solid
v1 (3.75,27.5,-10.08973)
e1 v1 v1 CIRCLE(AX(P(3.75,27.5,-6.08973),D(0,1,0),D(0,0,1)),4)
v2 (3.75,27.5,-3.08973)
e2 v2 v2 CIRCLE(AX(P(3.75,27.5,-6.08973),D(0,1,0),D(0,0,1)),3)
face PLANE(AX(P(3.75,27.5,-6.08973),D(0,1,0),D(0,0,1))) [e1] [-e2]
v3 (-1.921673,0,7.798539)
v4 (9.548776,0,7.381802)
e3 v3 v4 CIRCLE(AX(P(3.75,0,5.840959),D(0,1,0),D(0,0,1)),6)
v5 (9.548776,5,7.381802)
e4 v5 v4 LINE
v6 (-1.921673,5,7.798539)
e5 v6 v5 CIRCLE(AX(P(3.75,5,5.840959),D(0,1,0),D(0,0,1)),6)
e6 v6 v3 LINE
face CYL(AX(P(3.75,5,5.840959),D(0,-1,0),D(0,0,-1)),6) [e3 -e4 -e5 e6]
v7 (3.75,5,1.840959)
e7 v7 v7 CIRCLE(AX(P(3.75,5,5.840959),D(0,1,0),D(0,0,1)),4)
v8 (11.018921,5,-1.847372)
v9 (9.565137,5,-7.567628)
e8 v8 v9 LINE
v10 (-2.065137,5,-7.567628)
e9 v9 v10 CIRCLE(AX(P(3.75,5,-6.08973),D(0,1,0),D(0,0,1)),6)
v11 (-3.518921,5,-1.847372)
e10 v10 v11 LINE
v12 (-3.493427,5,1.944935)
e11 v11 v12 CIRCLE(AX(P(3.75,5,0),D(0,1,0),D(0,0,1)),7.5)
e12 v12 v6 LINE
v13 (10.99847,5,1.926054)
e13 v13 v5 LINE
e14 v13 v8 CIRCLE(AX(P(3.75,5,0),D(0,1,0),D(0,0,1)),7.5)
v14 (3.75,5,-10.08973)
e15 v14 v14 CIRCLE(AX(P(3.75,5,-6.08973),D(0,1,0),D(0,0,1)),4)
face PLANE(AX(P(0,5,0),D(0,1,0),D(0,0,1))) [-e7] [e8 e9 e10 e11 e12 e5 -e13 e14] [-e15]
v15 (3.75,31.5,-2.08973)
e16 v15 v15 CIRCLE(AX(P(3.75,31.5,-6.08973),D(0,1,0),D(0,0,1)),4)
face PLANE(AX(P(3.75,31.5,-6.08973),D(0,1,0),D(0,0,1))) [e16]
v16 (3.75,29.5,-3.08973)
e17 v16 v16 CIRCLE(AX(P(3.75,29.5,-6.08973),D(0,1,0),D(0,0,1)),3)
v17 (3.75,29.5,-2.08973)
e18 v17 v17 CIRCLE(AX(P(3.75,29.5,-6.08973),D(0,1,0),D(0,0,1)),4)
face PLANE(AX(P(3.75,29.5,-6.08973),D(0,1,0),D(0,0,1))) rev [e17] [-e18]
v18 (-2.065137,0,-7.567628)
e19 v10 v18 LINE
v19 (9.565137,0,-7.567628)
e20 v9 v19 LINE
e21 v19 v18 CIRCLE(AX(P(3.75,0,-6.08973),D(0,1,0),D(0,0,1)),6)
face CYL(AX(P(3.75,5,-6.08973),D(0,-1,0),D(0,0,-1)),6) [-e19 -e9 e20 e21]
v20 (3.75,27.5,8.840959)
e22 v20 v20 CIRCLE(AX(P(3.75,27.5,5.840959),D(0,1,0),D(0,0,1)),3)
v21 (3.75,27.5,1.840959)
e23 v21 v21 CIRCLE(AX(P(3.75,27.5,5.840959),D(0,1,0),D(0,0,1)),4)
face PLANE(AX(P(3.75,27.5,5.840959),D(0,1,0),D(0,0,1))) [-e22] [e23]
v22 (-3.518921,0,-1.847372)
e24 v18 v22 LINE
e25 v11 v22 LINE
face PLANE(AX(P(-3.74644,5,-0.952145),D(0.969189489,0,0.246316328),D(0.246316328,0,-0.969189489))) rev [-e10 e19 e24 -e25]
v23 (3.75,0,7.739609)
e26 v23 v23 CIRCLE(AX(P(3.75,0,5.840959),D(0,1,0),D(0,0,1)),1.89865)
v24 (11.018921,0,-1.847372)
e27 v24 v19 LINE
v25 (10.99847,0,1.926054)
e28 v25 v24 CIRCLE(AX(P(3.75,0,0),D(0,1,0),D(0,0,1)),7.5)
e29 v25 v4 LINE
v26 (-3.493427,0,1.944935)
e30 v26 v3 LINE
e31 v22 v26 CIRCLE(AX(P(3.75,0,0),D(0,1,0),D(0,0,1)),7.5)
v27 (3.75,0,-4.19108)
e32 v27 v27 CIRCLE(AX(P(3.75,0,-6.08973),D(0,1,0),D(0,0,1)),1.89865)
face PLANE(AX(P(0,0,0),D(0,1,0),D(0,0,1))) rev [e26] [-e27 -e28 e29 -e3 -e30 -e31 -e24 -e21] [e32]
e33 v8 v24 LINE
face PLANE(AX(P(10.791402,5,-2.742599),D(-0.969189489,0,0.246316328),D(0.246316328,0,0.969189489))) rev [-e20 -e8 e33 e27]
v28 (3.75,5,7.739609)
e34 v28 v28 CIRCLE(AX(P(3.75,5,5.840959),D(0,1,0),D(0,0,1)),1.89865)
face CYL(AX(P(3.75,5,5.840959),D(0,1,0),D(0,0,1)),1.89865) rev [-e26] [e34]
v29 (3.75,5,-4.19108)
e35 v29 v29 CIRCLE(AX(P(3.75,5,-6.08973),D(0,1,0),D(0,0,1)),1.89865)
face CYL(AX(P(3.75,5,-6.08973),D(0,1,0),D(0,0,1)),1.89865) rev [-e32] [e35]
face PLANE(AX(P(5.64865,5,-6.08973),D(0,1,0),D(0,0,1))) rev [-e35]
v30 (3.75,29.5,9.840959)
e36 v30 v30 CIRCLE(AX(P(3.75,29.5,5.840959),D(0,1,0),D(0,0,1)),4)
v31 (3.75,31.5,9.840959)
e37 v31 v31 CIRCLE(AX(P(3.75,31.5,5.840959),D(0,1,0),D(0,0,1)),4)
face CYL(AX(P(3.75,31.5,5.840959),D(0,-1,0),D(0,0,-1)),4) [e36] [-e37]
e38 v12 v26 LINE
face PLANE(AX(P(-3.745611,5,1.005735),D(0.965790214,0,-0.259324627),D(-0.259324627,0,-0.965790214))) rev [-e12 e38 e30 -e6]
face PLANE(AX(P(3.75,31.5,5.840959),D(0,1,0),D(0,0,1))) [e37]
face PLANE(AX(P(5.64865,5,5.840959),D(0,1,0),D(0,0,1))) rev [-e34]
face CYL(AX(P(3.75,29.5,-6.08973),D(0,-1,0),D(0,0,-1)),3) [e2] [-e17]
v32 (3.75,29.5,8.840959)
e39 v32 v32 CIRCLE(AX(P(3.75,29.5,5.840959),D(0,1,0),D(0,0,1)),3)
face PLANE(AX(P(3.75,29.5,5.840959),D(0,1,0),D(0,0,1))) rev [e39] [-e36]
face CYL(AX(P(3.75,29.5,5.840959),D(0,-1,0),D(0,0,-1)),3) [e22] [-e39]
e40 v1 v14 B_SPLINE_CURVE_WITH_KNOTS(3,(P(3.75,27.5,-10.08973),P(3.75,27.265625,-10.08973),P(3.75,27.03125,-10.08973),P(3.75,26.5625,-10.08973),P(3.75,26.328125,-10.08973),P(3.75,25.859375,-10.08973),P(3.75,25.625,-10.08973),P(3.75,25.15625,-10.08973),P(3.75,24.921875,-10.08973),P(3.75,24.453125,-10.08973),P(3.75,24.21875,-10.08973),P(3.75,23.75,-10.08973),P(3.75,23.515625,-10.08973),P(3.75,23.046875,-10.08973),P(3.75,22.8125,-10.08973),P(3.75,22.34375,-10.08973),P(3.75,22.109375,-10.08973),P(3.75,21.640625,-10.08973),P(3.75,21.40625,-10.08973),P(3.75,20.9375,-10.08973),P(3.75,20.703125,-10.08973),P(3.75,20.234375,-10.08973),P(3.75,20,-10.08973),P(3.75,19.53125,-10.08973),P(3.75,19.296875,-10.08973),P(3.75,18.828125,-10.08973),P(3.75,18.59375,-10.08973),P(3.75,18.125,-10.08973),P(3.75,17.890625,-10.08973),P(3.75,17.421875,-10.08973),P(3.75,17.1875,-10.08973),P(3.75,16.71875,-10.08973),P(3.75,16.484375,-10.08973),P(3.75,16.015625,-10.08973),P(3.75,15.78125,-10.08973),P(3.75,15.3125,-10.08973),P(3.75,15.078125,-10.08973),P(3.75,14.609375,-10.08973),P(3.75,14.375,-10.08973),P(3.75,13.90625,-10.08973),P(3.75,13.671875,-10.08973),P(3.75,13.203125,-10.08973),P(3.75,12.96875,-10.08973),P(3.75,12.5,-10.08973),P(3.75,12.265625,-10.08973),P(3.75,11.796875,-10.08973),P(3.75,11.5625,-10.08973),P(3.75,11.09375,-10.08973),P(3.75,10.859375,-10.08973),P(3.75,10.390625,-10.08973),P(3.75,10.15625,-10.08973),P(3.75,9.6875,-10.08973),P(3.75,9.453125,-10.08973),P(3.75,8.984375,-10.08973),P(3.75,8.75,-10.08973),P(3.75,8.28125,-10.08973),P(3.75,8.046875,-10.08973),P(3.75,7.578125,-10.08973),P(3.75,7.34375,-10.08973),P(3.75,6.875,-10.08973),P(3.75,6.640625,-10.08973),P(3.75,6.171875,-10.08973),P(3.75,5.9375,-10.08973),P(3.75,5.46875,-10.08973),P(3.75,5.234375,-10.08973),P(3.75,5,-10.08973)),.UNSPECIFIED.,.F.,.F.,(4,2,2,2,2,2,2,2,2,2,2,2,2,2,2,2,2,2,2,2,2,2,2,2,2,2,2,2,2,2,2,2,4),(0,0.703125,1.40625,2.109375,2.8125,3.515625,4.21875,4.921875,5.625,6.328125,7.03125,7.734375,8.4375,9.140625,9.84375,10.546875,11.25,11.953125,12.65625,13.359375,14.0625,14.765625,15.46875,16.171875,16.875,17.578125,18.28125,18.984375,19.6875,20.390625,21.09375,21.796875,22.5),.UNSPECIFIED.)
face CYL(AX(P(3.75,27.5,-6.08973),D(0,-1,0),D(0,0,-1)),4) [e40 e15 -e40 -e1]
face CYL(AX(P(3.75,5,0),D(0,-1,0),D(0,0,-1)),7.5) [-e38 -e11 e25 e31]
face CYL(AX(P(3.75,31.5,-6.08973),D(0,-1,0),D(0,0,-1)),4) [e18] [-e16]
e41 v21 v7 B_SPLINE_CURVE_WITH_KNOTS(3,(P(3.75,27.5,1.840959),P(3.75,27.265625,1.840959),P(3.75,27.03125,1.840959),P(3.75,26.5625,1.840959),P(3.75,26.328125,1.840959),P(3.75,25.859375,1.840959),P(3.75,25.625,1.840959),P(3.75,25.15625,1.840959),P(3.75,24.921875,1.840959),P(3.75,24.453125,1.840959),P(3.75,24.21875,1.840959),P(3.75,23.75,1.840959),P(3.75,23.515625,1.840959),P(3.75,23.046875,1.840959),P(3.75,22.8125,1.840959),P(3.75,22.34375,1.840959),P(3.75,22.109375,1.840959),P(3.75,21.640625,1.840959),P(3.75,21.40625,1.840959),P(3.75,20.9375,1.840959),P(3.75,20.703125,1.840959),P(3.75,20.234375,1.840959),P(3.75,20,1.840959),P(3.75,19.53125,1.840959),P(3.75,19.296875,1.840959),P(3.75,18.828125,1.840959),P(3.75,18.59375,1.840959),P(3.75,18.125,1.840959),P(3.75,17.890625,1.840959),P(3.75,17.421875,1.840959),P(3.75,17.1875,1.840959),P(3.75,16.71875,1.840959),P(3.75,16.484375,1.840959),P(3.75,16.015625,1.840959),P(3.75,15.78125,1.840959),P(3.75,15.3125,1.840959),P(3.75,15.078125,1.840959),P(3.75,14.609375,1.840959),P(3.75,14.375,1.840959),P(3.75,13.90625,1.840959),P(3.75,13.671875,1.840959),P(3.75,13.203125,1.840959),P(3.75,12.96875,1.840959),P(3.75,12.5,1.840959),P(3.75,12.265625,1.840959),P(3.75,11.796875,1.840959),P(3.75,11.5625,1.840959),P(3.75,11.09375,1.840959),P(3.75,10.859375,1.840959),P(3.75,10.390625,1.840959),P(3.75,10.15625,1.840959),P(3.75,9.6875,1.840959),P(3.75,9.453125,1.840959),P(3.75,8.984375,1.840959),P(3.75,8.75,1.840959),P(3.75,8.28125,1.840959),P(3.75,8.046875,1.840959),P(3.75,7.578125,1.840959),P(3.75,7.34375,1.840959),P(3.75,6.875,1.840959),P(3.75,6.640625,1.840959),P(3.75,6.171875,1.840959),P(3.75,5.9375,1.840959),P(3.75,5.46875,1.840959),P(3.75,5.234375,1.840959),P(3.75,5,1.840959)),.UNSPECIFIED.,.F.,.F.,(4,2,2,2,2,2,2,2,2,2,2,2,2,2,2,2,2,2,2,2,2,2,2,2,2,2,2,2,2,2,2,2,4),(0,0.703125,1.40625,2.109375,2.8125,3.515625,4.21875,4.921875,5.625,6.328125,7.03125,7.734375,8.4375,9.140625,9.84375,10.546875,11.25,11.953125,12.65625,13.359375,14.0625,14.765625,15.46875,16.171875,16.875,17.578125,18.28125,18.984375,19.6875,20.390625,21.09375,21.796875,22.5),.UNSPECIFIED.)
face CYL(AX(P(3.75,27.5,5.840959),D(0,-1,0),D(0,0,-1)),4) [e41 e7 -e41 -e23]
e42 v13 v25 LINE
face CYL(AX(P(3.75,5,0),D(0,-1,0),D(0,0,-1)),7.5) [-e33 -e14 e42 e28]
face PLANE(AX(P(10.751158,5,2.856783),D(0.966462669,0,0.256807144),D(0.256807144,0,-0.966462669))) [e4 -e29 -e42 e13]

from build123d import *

# Parameters (mm, degrees)
BOSS_EXTRUDE2_DEPTH            = 5
SKETCH3_R                      = 4
BOSS_EXTRUDE3_DEPTH            = 22.5
SKETCH4_R                      = 3
BOSS_EXTRUDE4_DEPTH            = 2
SKETCH5_R                      = 4
BOSS_EXTRUDE5_DEPTH            = 2
SKETCH7_W                      = 1.89865
SKETCH7_H                      = 5
F_6_CLEARANCE_HOLE1_AT_2_COUNT = 2
F_6_CLEARANCE_HOLE1_AT_2_PITCH = 11.930689284


with BuildPart() as part:
    # Sketch2 → Boss-Extrude2 (new body)
    with BuildSketch(Plane(origin=(0, 0, 0), x_dir=(1, 0, 0), z_dir=(0, 1, 0))):
        with BuildLine():
            ThreePointArc((-1.921673483, -7.798539123), (3.967844549, -11.837003018), (9.548776015, -7.381801872))
            Line((9.548776015, -7.381801872), (10.998470019, -1.926053578))
            ThreePointArc((10.998470019, -1.926053578), (11.24988985, -0.04064778), (11.018921171, 1.84737246))
            Line((11.018921171, 1.84737246), (9.565136937, 7.567628243))
            ThreePointArc((9.565136937, 7.567628243), (3.75, 12.089730275), (-2.065136937, 7.567628243))
            Line((-2.065136937, 7.567628243), (-3.518921171, 1.84737246))
            ThreePointArc((-3.518921171, 1.84737246), (-3.749830525, -0.050419155), (-3.493426606, -1.944934706))
            Line((-3.493426606, -1.944934706), (-1.921673483, -7.798539123))
        make_face()
    extrude(amount=BOSS_EXTRUDE2_DEPTH)

    # Sketch3 → Boss-Extrude3 (add)
    with BuildSketch(Plane(origin=(0, 5, 0), x_dir=(1, 0, 0), z_dir=(0, 1, 0))):
        with Locations(Location((3.75, -5.840959009, 0), (0, 0, 90))):
            Circle(SKETCH3_R)
        with Locations(Location((3.75, 6.089730275, 0), (0, 0, 90))):
            Circle(SKETCH3_R)
    extrude(amount=BOSS_EXTRUDE3_DEPTH)

    # Sketch4 → Boss-Extrude4 (add)
    with BuildSketch(Plane(origin=(0, 27.5, 0), x_dir=(1, 0, 0), z_dir=(0, 1, 0))):
        with Locations(Location((3.75, -5.840959009, 0), (0, 0, 270))):
            Circle(SKETCH4_R)
        with Locations(Location((3.75, 6.089730275, 0), (0, 0, 270))):
            Circle(SKETCH4_R)
    extrude(amount=BOSS_EXTRUDE4_DEPTH)

    # Sketch5 → Boss-Extrude5 (add)
    with BuildSketch(Plane(origin=(0, 29.5, 0), x_dir=(1, 0, 0), z_dir=(0, 1, 0))):
        with Locations(Location((3.75, -5.840959009, 0), (0, 0, 90))):
            Circle(SKETCH5_R)
        with Locations(Location((3.75, 6.089730275, 0), (0, 0, 90))):
            Circle(SKETCH5_R)
    extrude(amount=BOSS_EXTRUDE5_DEPTH)

    # Sketch7 → #6 Clearance Hole1 (revolve, cut)
    with BuildSketch(Plane(origin=(3.75, 5, -6.089730275), x_dir=(0, 0, 1), z_dir=(1, 0, 0))):
        with Locations((0.949325, 2.5)):
            Rectangle(SKETCH7_W, SKETCH7_H)
    f_6_clearance_hole1 = revolve(axis=Axis((3.75, 11.35, -6.089730275), (0, -1, 0)), mode=Mode.SUBTRACT)

    # #6 Clearance Hole1 at 2: #6 Clearance Hole1 ×2
    with Locations(*[(0, 0, i * F_6_CLEARANCE_HOLE1_AT_2_PITCH) for i in range(1, F_6_CLEARANCE_HOLE1_AT_2_COUNT)]):
        add(f_6_clearance_hole1, mode=Mode.SUBTRACT)


solid = part.part
